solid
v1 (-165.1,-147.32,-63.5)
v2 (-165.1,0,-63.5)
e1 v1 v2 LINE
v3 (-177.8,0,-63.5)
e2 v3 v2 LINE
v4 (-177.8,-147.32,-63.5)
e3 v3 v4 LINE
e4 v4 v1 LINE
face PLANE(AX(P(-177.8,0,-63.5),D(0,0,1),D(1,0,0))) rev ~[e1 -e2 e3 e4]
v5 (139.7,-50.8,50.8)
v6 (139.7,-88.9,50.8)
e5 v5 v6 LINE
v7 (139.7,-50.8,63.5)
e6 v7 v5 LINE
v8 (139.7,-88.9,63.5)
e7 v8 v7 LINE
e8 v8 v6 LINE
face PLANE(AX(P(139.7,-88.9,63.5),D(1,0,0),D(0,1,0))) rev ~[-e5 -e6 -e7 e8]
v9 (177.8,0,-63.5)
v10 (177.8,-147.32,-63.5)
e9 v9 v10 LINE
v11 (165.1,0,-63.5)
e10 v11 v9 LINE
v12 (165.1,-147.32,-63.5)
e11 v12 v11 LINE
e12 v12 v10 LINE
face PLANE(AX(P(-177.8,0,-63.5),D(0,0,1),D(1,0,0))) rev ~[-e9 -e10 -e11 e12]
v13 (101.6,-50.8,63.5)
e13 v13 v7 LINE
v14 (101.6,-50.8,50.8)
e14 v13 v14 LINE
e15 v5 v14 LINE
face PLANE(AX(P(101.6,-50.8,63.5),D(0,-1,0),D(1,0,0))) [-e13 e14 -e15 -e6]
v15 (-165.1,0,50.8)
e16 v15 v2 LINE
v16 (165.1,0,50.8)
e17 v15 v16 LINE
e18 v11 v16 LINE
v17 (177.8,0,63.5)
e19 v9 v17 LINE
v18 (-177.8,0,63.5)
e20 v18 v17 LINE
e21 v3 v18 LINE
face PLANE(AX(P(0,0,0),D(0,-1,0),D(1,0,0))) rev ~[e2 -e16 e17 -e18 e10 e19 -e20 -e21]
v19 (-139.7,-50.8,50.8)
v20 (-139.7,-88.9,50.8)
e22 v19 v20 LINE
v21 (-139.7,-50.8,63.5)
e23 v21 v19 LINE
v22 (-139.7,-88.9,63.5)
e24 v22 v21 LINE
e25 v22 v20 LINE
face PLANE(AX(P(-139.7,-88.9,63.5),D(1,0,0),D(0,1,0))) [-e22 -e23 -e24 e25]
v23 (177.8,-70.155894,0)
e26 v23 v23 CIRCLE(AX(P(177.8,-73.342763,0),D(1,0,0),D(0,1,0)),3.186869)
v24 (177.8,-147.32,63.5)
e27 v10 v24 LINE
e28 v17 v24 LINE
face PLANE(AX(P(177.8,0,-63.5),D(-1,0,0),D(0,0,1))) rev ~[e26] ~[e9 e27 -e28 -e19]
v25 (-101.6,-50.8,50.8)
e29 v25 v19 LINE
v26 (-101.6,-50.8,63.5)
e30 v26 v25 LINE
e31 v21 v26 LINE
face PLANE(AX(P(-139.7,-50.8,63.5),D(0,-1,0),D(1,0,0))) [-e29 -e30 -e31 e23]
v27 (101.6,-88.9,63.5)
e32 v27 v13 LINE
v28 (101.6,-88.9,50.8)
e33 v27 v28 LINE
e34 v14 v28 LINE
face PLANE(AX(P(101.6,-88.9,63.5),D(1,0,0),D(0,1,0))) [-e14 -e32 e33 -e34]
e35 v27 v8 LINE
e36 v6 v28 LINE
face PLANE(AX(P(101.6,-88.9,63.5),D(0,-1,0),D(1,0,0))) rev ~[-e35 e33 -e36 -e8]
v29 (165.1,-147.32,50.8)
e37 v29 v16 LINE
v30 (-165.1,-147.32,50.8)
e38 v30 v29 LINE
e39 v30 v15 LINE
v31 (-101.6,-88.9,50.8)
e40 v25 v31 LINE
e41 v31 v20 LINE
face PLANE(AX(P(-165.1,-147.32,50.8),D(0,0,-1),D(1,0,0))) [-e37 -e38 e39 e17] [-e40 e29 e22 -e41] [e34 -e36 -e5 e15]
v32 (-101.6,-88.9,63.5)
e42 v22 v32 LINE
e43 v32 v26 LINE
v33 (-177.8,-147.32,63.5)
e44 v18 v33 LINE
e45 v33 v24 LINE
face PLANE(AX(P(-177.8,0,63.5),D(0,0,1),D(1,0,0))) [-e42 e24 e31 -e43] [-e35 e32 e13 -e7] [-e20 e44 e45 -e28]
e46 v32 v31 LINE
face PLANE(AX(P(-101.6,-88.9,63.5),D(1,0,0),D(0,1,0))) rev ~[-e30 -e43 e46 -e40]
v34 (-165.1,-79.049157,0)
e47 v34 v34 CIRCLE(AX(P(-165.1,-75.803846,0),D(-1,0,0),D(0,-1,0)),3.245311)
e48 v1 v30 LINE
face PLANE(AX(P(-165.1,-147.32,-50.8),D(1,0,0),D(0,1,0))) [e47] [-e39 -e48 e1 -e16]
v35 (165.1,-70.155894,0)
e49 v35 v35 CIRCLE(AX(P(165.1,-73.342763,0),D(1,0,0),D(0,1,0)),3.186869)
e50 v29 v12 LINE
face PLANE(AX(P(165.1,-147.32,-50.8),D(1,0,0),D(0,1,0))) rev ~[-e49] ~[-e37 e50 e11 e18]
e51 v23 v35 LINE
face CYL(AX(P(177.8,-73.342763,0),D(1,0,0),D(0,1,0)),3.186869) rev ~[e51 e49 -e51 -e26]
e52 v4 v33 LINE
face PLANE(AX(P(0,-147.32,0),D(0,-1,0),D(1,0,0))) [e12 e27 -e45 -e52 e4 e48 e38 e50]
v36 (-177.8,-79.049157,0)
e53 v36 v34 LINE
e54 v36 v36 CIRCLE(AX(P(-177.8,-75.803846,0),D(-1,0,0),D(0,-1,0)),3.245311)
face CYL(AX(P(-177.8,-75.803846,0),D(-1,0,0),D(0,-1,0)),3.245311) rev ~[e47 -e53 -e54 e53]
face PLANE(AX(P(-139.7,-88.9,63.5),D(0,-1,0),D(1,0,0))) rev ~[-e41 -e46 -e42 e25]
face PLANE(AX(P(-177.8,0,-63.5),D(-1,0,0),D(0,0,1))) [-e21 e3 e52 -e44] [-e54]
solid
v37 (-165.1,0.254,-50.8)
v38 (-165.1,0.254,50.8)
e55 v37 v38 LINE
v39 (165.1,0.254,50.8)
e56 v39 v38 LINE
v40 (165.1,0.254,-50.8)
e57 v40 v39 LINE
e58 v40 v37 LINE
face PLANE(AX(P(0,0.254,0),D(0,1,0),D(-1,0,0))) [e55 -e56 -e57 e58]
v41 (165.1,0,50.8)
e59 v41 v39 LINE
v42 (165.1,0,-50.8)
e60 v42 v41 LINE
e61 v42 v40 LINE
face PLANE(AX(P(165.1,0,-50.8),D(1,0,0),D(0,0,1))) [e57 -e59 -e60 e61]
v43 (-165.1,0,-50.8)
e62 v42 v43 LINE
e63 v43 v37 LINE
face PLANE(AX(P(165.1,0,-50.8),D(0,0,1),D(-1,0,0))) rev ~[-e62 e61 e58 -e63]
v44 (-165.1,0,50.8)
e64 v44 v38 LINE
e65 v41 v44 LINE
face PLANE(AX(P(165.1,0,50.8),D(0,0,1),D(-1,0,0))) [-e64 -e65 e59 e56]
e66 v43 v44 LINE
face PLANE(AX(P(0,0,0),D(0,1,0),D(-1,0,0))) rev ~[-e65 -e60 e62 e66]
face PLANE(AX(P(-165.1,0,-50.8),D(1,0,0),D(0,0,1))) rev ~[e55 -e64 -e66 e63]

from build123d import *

# Parameters (mm, degrees)
F0_W      = 355.6
F0_H      = 127
F1_DEPTH  = 147.32
F2_W      = 330.2
F2_H      = 101.6
F3_DEPTH  = 147.32
F4_W      = 330.2
F4_H      = 101.6
F6_DEPTH  = 0.254
F7_R      = 3.245311
F8_DEPTH  = 25.4
F9_R      = 3.186869
F10_DEPTH = 25.4
F3_FACE_W = 330.2
F3_FACE_H = 147.32
F11_DEPTH = 25.4
F12_W     = 38.1
F12_H     = 38.1
F13_DEPTH = 25.4
F14_DEPTH = 25.4


with BuildPart() as f1:
    # F0 (on Front) → F1 (new body)
    with BuildSketch(Plane.XZ):
        Rectangle(F0_W, F0_H)
    extrude(amount=F1_DEPTH)

    # F2 (on face) → F3 (cut, through all)
    with BuildSketch(Plane.XZ.offset(147.32)):
        Rectangle(F2_W, F2_H)
    extrude(amount=-F3_DEPTH, mode=Mode.SUBTRACT)

    # F7 (on face) → F8 (cut)
    with BuildSketch(Plane(origin=(-177.8, 0, 0), x_dir=(0, -1, 0), z_dir=(-1, 0, 0))):
        with Locations((75.803846, 0)):
            Circle(F7_R)
    extrude(amount=-F8_DEPTH, mode=Mode.SUBTRACT)

    # F9 (on face) → F10 (cut)
    with BuildSketch(Plane.YZ.offset(177.8)):
        with Locations((-73.342763, 0)):
            Circle(F9_R)
    extrude(amount=-F10_DEPTH, mode=Mode.SUBTRACT)

    # F3_face (on face) → F11 (cut)
    with BuildSketch(Plane(origin=(0, -73.66, -50.8), x_dir=(1, 0, 0), z_dir=(0, 0, 1))):
        Rectangle(F3_FACE_W, F3_FACE_H)
    extrude(amount=-F11_DEPTH, mode=Mode.SUBTRACT)

    # F12 (on face) → F13 (cut)
    with BuildSketch(Plane.XY.offset(63.5)):
        with Locations((120.65, -69.85)):
            Rectangle(F12_W, F12_H)
    extrude(amount=-F13_DEPTH, mode=Mode.SUBTRACT)

    # F12 (on face) → F14 (cut)
    with BuildSketch(Plane.XY.offset(63.5)):
        with Locations((-120.65, -69.85)):
            Rectangle(F12_W, F12_H)
    extrude(amount=-F14_DEPTH, mode=Mode.SUBTRACT)


with BuildPart() as f6:
    # F4 (on face) → F6 (new body)
    with BuildSketch(Plane(origin=(0, 0, 0), x_dir=(-1, 0, 0), z_dir=(0, 1, 0))):
        Rectangle(F4_W, F4_H)
    extrude(amount=F6_DEPTH)


solid = Compound([f1.part, f6.part])
